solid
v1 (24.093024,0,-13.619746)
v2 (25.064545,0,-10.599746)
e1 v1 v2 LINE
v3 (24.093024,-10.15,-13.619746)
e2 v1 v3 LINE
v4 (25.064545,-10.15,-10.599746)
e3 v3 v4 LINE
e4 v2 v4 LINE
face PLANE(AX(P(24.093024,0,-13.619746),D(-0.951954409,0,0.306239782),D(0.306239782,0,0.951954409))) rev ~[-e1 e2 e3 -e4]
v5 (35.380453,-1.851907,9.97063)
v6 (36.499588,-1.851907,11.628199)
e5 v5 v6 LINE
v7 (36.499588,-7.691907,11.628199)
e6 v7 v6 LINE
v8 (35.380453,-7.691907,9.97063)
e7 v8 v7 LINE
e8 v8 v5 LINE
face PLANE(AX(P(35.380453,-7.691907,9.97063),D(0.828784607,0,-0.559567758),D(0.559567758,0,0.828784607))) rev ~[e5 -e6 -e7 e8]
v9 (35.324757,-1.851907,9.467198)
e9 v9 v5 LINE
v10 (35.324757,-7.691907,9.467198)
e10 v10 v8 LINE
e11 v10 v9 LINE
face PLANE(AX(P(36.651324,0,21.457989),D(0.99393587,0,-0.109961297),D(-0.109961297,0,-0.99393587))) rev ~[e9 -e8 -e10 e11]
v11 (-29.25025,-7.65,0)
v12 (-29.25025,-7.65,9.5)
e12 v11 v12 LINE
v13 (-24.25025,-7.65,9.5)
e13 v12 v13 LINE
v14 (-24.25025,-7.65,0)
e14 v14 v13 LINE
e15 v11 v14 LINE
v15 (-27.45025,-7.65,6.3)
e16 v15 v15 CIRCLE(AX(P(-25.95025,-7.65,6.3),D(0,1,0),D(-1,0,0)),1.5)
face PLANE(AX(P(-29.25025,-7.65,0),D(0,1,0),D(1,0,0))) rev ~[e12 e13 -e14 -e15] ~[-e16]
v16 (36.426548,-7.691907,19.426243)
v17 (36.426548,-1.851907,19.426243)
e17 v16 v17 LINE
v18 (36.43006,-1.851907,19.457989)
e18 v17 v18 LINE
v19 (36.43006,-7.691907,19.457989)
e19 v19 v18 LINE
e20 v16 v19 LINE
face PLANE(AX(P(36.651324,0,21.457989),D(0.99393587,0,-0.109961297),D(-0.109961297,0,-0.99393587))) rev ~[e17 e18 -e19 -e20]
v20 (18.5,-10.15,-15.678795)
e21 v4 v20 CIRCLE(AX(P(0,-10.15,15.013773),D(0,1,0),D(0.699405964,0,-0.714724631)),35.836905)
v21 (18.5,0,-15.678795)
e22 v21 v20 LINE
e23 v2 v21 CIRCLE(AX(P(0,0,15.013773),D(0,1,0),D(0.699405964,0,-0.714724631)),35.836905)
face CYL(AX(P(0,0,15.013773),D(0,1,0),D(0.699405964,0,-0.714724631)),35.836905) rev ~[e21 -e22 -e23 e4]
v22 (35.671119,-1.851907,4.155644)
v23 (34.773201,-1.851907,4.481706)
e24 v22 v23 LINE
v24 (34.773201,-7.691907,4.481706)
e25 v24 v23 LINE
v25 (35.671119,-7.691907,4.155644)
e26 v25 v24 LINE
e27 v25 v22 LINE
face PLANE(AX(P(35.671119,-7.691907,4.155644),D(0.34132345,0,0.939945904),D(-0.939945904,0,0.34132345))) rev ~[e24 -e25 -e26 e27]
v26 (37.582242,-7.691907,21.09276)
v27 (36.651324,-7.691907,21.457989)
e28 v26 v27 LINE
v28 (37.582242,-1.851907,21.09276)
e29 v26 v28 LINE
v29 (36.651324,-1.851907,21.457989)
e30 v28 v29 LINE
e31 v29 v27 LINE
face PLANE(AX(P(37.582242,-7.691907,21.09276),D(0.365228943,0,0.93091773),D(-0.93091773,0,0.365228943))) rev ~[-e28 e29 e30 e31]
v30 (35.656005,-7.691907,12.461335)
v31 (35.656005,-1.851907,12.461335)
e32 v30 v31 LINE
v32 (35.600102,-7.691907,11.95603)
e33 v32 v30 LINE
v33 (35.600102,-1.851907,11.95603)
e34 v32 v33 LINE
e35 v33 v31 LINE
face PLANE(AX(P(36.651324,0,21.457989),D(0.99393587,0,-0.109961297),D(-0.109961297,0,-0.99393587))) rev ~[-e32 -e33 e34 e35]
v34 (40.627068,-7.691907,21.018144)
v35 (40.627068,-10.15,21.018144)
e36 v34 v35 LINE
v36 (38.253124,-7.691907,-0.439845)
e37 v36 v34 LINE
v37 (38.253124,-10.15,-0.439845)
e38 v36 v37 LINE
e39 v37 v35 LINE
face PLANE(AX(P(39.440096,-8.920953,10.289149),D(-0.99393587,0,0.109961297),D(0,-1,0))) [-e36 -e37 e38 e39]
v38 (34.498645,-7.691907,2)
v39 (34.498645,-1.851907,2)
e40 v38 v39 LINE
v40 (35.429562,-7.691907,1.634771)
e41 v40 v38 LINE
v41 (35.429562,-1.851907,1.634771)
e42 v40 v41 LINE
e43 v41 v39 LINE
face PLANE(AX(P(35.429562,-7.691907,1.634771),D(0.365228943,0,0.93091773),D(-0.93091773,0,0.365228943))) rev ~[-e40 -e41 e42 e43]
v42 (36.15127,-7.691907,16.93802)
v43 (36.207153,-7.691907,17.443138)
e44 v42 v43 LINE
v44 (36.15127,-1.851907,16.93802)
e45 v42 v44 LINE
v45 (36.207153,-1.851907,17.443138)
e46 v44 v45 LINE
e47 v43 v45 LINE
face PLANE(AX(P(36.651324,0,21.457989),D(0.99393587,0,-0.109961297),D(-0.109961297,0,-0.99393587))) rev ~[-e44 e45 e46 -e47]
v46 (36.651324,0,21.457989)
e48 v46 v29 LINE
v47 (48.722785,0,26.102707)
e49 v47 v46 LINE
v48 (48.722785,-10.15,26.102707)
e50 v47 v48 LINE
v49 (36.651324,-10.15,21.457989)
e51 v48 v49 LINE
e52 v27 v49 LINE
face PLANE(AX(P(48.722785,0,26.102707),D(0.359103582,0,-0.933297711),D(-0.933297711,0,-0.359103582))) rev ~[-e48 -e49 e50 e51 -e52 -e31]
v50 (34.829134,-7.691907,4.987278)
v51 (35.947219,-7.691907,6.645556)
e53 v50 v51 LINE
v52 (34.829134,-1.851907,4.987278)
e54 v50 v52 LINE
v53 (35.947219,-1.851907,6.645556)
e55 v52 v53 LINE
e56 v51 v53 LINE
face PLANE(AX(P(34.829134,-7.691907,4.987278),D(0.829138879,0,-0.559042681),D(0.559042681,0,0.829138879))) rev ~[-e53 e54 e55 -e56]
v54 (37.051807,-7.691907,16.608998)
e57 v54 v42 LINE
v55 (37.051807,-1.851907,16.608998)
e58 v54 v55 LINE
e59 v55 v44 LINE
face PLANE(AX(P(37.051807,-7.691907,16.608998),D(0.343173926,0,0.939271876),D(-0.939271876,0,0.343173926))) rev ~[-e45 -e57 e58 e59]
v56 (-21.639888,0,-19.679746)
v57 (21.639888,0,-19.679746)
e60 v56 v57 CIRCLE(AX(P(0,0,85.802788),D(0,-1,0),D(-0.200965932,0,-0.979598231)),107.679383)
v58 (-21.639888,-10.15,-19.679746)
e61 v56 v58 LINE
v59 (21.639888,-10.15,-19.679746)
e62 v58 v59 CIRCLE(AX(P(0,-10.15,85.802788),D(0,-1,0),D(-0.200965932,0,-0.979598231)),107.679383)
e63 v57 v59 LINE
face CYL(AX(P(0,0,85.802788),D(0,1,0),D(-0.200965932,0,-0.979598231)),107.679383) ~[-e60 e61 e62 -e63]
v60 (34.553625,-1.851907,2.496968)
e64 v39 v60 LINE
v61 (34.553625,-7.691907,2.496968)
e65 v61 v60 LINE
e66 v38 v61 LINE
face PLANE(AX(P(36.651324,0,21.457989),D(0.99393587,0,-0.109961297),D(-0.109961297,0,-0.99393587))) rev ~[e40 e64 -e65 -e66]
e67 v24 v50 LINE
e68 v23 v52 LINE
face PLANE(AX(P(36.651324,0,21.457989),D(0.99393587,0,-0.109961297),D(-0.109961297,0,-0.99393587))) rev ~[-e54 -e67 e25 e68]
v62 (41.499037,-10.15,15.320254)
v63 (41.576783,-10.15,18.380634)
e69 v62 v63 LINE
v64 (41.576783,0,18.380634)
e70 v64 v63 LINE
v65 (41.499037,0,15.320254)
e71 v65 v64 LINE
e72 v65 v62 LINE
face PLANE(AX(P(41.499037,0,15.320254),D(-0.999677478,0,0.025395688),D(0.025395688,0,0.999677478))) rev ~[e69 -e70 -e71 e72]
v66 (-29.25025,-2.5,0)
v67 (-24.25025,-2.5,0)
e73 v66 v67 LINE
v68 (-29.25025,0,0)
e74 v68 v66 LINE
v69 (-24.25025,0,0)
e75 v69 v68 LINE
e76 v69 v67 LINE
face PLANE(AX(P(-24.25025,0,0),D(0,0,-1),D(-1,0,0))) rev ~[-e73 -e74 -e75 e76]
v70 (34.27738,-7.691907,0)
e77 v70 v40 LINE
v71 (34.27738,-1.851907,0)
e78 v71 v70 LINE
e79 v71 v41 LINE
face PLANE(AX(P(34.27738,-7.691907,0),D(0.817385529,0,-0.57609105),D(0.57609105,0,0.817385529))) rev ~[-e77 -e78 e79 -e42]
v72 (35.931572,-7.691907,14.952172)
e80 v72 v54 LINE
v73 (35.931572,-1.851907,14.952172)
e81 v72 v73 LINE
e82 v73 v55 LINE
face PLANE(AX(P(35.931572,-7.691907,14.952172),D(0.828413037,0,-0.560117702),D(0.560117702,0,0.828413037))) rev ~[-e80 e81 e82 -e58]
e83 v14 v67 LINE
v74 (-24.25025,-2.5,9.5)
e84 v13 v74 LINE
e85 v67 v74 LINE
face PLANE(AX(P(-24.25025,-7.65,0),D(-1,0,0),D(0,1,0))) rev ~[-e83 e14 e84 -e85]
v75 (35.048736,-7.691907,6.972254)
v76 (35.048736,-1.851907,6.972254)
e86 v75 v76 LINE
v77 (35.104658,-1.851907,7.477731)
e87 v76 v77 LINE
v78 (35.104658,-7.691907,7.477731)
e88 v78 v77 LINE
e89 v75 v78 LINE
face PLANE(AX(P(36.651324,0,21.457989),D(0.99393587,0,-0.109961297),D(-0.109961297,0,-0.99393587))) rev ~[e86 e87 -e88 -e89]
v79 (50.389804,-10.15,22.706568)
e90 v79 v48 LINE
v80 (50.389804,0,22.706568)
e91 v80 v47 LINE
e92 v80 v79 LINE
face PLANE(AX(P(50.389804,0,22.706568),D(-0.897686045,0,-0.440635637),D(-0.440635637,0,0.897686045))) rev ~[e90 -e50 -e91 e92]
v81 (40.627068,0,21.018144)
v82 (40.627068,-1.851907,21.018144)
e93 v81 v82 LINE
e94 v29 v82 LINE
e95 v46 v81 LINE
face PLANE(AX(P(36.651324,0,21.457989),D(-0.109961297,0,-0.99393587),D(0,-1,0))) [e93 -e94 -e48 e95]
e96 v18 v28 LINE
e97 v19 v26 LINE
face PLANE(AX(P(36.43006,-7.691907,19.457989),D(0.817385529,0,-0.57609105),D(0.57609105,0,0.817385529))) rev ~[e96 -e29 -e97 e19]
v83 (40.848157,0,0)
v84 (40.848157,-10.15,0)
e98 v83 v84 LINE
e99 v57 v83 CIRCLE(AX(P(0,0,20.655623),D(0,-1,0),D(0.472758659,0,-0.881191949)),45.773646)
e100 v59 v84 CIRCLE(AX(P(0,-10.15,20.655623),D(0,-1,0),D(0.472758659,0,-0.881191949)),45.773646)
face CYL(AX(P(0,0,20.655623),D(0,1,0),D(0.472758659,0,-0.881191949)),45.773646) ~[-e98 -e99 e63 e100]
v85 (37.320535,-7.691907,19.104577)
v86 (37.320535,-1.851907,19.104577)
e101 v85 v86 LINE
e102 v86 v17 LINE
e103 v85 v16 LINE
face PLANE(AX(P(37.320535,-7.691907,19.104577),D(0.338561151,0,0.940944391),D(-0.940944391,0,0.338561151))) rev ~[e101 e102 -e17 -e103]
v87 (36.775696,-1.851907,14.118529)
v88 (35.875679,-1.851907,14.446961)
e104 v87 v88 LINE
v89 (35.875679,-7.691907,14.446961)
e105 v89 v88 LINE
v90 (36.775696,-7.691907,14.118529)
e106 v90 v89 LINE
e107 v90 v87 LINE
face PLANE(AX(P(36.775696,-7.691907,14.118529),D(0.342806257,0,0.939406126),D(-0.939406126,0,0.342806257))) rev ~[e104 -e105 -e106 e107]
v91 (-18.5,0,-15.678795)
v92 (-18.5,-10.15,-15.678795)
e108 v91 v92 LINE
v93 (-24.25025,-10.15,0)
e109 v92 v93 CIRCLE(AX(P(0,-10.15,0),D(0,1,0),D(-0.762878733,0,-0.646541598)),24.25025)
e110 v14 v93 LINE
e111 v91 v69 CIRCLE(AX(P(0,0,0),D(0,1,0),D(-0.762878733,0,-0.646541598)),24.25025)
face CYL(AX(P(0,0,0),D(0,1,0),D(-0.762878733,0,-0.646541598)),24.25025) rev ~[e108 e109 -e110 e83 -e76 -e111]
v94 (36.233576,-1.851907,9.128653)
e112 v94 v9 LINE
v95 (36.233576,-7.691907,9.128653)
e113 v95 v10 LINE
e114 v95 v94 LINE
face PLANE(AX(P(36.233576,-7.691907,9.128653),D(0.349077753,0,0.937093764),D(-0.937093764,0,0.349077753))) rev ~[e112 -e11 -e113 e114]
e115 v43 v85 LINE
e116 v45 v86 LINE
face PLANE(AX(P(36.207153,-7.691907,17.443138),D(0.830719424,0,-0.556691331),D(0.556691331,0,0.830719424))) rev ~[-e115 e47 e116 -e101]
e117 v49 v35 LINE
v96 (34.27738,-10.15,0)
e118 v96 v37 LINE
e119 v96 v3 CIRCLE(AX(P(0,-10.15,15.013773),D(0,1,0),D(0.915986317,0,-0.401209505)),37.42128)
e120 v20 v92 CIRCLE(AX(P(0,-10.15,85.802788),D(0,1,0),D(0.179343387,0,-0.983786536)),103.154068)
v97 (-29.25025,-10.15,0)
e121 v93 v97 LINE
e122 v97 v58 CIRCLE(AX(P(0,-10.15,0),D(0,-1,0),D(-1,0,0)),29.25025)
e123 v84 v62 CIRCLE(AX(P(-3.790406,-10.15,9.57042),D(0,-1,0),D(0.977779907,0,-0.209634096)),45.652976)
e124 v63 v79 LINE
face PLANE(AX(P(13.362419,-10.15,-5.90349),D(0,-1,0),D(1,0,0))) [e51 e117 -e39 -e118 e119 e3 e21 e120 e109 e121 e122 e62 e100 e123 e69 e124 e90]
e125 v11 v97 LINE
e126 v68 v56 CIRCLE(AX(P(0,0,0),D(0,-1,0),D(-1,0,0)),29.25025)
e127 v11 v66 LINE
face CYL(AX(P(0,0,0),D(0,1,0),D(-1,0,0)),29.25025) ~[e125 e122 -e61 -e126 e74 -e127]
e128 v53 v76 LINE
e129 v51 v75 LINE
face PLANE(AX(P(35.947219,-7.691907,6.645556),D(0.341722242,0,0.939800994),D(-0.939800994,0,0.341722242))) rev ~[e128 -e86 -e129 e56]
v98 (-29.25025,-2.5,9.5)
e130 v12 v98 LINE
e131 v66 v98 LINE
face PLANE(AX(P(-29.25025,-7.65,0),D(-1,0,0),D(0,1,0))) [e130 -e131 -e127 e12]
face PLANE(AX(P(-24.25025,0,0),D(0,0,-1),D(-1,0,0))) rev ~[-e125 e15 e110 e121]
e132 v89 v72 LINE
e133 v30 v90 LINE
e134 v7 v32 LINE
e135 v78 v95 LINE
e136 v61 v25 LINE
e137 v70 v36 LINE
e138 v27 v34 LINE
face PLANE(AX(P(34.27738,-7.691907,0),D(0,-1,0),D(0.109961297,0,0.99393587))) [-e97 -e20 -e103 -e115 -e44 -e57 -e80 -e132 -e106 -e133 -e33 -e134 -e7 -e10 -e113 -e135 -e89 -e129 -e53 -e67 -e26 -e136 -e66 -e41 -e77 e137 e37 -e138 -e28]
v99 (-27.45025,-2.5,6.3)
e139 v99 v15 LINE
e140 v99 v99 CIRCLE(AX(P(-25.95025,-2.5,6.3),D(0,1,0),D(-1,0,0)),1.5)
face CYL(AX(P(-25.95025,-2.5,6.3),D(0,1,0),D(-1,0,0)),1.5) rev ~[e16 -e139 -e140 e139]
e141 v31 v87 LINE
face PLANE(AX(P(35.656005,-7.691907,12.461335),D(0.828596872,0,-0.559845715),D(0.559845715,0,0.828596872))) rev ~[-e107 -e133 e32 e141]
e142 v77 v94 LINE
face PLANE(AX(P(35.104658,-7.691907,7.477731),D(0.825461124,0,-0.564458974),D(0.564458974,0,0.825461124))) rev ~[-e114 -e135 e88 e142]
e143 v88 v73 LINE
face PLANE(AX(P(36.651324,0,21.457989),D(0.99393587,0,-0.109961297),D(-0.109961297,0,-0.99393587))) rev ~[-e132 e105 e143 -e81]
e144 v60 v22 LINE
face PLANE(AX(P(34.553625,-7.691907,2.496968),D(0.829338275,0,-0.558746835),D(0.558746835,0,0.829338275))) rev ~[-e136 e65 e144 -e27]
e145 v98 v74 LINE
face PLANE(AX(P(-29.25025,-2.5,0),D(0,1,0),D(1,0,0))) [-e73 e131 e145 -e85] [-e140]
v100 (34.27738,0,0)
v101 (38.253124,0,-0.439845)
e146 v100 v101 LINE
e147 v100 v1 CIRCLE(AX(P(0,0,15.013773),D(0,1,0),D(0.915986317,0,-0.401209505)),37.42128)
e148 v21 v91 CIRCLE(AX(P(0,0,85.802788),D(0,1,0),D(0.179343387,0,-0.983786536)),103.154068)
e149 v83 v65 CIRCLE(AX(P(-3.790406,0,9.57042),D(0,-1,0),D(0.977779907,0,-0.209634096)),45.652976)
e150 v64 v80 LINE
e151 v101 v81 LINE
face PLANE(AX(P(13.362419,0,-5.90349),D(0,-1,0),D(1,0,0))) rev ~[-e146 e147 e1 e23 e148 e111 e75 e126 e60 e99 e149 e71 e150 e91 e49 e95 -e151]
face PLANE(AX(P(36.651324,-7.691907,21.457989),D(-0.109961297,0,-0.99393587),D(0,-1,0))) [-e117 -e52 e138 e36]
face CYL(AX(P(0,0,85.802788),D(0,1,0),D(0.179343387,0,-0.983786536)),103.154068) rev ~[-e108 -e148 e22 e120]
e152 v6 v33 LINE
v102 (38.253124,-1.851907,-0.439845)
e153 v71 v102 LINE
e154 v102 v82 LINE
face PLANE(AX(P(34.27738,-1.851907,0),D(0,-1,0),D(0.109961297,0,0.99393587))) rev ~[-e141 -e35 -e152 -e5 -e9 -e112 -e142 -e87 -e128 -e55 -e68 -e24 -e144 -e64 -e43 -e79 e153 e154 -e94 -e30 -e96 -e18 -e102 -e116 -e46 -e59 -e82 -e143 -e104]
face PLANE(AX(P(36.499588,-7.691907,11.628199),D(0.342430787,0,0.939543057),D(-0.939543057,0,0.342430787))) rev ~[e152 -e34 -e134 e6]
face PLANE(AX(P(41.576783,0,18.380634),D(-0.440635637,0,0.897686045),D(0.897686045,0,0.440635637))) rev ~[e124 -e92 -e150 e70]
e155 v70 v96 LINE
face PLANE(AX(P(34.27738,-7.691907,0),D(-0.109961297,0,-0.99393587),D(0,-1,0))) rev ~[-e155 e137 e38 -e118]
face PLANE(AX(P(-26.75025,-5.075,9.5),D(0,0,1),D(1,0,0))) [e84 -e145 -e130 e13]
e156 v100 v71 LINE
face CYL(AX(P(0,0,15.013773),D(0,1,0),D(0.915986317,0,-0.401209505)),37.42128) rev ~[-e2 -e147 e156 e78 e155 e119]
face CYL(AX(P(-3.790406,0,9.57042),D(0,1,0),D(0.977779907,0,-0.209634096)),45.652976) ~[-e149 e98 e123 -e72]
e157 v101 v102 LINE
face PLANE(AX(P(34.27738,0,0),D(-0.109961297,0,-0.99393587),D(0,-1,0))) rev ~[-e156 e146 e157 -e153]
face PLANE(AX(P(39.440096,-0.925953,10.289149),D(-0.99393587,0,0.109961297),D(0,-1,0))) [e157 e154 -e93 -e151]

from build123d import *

# Parameters (mm, degrees)
F1_DEPTH = 10.15
F2_W     = 1.8519068835
F2_H     = 21.5889067106
F2_W_2   = 2.4580931165
F3_DEPTH = 4
F5_DEPTH = 7.6929068835
F6_W     = 5
F6_H     = 5.15
F7_DEPTH = 9.5
F8_R     = 1.5
F9_DEPTH = 7.651


with BuildPart() as f1:
    # F0 (on Front) → F1 (new body)
    with BuildSketch(Plane.XZ):
        with BuildLine():
            ThreePointArc((-18.5, -15.6787953926), (-22.7673477806, -8.35), (-24.2502499979, 0))
            Line((-24.2502499979, 0), (-29.2502499979, 0))
            ThreePointArc((-29.2502499979, 0), (-27.2813970489, -10.55), (-21.6398876928, -19.6797455671))
            ThreePointArc((-21.6398876928, -19.6797455671), (0, -21.8765954826), (21.6398876928, -19.6797455671))
            ThreePointArc((21.6398876928, -19.6797455671), (32.7568623734, -11.3164689916), (40.8481571207, 0))
            ThreePointArc((40.8481571207, 0), (41.8214250715, 7.632604285), (41.4990372956, 15.3202544329))
            Line((41.4990372956, 15.3202544329), (41.5767828027, 18.3806335645))
            Line((41.5767828027, 18.3806335645), (50.389803946, 22.7065682411))
            Line((50.389803946, 22.7065682411), (48.7227849662, 26.10270679))
            Line((48.7227849662, 26.10270679), (36.6513244808, 21.4579887688))
            Line((36.6513244808, 21.4579887688), (34.277380304, 0))
            ThreePointArc((34.277380304, 0), (29.9691571864, -7.3960863272), (24.0930236738, -13.6197455671))
            Line((24.0930236738, -13.6197455671), (25.0645451381, -10.5997455671))
            ThreePointArc((25.0645451381, -10.5997455671), (21.92981042, -13.3299594699), (18.5, -15.6787953926))
            ThreePointArc((18.5, -15.6787953926), (0, -17.3512801115), (-18.5, -15.6787953926))
        make_face()
    extrude(amount=F1_DEPTH)

    # F2 (on face) → F3 (cut)
    with BuildSketch(Plane(origin=(33.8629158132, 0, -3.7463283568), x_dir=(0, -1, 0), z_dir=(-0.9939358698, 0, 0.1099612967))):
        with Locations((0.9259534418, 14.5636385419)):
            Rectangle(F2_W, F2_H)
        with Locations((8.9209534418, 14.5636385419)):
            Rectangle(F2_W_2, F2_H)
    extrude(amount=-F3_DEPTH, mode=Mode.SUBTRACT)

    # F4 (on face) → F5 (cut, through all)
    with BuildSketch(Plane.XZ.offset(7.6919068835)):
        Polygon((34.4986446734, 2), (34.277380304, 0), (35.4295624031, 1.6347710575), align=None)
        Polygon((36.2071527972, 17.4431382552), (36.4265479737, 19.4262426935), (36.379591068, 19.4431382552), align=None)
        Polygon((35.9315717956, 14.9521723361), (36.1512704613, 16.9380200021), (36.1125353235, 16.9521723361), align=None)
        Polygon((35.6560050027, 12.4613348501), (35.8756791772, 14.4469611397), (35.8362903057, 14.4613348501), align=None)
        Polygon((35.3804528293, 9.9706295076), (35.6001020466, 11.9560302114), (35.5600452879, 11.9706295076), align=None)
        Polygon((35.2964822054, 9.4777310046), (35.1046580216, 7.4777310046), (35.324757133, 9.4671982825), align=None)
        Polygon((35.0074181049, 6.9872777462), (34.8291337367, 4.9872777462), (35.0487360064, 6.9722540912), align=None)
        Polygon((34.7311730871, 4.4969679349), (34.5536253217, 2.4969679349), (34.7732012529, 4.4817062071), align=None)
        Polygon((37.0518071993, 16.6089984104), (36.1512704613, 16.9380200021), (35.9315717956, 14.9521723361), align=None)
        Polygon((36.7756964321, 14.1185285934), (35.8756791772, 14.4469611397), (35.6560050027, 12.4613348501), align=None)
        Polygon((36.4995883451, 11.628198721), (35.6001020466, 11.9560302114), (35.3804528293, 9.9706295076), align=None)
        Polygon((35.324757133, 9.4671982825), (35.1046580216, 7.4777310046), (36.2335759695, 9.128653252), align=None)
        Polygon((35.0487360064, 6.9722540912), (34.8291337367, 4.9872777462), (35.9472190993, 6.645555504), align=None)
        Polygon((34.7732012529, 4.4817062071), (34.5536253217, 2.4969679349), (35.6711189912, 4.1556444852), align=None)
        Polygon((37.5822422105, 21.0927598263), (36.6513244808, 21.4579887688), (36.4300601114, 19.4579887688), align=None)
        Polygon((37.320535459, 19.104577104), (36.4265479737, 19.4262426935), (36.2071527972, 17.4431382552), align=None)
    extrude(amount=-F5_DEPTH, mode=Mode.SUBTRACT)

    # F6 (on face) → F7 (join)
    with BuildSketch(Plane.XY):
        with Locations((-26.7502499979, -5.075)):
            Rectangle(F6_W, F6_H)
    extrude(amount=F7_DEPTH)

    # F8 (on face) → F9 (cut, through all)
    with BuildSketch(Plane(origin=(0, -2.5, 0), x_dir=(-1, 0, 0), z_dir=(0, 1, 0))):
        with Locations((25.9502499979, 6.3)):
            Circle(F8_R)
    extrude(amount=-F9_DEPTH, mode=Mode.SUBTRACT)


solid = f1.part
